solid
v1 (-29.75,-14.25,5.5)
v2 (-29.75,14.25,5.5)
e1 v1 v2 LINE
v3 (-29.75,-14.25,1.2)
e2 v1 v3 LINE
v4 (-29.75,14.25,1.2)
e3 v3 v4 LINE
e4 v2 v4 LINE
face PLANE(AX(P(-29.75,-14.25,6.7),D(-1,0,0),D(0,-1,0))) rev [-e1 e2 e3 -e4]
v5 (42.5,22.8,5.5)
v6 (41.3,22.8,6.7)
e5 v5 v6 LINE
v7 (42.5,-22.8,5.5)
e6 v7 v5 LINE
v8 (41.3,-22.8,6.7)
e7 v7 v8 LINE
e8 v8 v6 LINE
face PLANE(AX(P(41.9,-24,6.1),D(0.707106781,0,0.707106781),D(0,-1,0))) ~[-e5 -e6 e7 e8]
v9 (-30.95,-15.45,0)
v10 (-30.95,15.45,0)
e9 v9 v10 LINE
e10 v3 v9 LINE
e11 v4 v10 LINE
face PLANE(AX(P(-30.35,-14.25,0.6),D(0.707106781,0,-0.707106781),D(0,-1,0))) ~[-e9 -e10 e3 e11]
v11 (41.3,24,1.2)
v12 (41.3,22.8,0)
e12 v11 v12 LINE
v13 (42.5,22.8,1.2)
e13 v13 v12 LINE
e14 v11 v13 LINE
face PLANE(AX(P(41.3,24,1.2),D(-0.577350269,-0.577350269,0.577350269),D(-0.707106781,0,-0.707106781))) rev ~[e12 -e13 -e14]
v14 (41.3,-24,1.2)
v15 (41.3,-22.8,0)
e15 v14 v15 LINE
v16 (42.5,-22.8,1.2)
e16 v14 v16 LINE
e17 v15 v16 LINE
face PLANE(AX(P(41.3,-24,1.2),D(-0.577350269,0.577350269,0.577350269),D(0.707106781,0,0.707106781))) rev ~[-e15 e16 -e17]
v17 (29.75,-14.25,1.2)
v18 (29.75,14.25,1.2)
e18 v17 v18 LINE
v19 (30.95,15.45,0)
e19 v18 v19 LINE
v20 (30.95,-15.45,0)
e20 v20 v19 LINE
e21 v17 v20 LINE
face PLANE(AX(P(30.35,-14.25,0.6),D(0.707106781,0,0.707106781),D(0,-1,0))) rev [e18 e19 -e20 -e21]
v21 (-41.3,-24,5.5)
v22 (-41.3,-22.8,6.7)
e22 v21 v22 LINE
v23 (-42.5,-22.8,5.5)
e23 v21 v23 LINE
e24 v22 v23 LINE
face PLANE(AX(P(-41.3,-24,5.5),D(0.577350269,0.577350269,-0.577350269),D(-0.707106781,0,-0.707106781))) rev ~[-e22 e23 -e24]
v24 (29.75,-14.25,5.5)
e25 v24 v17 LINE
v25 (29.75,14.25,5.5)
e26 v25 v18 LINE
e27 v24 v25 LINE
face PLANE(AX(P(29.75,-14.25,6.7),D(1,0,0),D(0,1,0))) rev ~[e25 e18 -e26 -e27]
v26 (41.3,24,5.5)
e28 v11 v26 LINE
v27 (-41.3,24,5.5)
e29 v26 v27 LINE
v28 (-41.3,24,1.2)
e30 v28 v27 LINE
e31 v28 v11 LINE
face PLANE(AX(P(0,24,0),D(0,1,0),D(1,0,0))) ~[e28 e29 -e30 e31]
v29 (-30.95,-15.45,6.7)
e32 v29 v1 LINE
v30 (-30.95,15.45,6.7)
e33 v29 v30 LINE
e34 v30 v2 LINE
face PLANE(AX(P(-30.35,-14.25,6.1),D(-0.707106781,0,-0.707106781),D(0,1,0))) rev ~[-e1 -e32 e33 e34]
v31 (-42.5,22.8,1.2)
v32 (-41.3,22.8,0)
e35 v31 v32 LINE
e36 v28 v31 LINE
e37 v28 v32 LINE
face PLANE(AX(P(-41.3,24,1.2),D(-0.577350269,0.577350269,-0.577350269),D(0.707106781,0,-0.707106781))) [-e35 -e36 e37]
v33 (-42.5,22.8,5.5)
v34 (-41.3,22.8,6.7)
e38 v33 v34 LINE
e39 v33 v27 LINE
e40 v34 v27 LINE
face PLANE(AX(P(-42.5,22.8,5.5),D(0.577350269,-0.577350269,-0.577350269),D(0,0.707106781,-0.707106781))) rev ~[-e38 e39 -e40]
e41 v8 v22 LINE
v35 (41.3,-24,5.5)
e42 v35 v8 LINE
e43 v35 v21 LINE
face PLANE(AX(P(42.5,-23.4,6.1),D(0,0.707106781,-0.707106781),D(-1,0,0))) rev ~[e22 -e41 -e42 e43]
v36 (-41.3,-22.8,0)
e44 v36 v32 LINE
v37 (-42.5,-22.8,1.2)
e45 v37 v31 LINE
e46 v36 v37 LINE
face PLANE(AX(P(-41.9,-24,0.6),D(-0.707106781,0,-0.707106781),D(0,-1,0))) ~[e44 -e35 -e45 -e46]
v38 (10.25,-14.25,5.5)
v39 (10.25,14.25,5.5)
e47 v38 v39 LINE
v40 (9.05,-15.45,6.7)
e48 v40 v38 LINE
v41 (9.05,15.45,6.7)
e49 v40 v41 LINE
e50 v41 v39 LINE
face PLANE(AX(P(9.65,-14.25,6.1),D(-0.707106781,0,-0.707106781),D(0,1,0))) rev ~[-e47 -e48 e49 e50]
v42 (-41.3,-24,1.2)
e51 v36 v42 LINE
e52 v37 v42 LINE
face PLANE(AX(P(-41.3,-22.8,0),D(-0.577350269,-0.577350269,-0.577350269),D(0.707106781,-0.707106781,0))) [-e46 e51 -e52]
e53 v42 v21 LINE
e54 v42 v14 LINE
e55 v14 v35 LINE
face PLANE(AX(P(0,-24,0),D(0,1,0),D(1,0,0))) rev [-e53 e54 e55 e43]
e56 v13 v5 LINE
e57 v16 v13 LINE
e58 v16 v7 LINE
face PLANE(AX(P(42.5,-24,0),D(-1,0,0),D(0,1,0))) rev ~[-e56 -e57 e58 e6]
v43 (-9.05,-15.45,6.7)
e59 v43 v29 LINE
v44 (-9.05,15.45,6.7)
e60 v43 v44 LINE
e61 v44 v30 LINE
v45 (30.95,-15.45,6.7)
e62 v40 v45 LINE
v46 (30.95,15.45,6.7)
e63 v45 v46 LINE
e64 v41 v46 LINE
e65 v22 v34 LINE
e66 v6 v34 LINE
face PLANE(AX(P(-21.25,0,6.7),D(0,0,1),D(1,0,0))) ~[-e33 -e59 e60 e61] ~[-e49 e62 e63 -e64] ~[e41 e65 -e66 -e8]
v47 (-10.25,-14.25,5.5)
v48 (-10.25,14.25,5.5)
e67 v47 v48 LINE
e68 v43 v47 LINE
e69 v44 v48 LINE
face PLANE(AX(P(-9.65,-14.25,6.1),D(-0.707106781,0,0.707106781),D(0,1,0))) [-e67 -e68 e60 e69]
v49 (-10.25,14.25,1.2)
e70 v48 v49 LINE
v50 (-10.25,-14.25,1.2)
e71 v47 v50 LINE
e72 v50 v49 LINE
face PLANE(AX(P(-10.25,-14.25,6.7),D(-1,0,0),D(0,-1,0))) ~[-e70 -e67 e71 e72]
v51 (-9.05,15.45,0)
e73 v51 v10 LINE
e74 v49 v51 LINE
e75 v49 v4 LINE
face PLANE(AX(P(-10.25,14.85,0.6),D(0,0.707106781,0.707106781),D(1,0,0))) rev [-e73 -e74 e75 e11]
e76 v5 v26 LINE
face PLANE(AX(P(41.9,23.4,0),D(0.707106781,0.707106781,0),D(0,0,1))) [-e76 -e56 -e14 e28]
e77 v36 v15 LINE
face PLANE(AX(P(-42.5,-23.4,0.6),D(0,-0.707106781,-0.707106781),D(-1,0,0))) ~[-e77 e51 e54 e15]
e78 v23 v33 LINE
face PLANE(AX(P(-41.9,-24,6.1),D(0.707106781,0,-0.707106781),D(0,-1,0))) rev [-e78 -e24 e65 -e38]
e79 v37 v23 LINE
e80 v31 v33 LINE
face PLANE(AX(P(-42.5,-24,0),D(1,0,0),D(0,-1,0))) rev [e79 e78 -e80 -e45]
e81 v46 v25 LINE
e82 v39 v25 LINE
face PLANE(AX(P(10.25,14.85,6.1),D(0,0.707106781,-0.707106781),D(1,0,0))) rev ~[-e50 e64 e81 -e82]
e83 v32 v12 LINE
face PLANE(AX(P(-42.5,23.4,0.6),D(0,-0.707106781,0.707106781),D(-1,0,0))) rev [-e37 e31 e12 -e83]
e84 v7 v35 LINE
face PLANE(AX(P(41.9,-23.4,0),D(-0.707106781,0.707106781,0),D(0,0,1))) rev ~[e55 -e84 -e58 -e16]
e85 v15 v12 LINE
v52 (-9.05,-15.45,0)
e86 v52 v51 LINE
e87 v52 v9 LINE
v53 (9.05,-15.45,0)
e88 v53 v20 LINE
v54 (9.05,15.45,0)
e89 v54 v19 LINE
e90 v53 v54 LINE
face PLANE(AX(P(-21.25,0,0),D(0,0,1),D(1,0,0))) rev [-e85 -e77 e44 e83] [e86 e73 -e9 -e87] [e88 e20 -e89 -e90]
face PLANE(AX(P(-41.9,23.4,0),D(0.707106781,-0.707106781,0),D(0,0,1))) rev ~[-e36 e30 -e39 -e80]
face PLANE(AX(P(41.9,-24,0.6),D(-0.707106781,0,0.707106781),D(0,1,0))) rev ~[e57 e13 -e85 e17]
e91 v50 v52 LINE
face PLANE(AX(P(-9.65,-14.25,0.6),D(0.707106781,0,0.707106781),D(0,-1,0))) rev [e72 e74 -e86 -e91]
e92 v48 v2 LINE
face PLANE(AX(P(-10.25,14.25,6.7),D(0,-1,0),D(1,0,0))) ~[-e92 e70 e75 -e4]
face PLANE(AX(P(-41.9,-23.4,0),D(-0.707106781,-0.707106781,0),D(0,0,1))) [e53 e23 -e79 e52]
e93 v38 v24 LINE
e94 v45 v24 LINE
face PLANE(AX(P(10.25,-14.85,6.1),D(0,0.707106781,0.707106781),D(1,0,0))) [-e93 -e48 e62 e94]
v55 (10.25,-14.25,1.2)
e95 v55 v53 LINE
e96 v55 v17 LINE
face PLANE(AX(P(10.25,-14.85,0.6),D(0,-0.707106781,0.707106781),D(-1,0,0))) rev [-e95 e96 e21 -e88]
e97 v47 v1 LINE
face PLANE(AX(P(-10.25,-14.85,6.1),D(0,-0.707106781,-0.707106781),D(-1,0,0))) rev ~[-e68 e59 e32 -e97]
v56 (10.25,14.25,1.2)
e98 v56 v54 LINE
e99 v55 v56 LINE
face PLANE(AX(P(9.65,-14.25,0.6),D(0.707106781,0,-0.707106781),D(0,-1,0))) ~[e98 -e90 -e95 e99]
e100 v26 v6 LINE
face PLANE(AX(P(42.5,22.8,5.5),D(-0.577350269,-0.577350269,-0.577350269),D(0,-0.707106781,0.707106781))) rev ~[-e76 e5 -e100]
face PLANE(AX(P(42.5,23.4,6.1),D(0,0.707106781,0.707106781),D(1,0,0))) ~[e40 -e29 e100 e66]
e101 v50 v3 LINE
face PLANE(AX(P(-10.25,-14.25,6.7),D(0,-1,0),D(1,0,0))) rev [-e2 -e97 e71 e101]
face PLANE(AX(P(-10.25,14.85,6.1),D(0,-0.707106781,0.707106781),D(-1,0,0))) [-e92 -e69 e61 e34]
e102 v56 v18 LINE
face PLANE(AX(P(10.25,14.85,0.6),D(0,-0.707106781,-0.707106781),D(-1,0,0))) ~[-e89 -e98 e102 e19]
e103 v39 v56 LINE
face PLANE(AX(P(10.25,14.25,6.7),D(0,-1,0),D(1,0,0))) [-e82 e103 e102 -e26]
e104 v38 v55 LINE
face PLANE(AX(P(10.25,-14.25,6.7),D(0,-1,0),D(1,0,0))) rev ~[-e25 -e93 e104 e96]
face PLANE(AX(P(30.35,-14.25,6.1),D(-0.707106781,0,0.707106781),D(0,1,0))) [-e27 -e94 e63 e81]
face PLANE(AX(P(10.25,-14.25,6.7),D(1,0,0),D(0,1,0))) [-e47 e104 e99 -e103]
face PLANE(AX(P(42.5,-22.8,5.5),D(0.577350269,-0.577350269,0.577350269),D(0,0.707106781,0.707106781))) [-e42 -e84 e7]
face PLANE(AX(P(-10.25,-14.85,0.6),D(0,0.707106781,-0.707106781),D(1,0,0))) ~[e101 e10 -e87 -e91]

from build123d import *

# Parameters (mm, degrees)
F0_W     = 42.5
F0_H     = 48
F1_DEPTH = 6.7
F2_W     = 19.5
F2_H     = 28.5
F3_DEPTH = 25
F5_SIZE  = 1.2


with BuildPart() as f1:
    # F0 (on Top) → F1 (new body)
    with BuildSketch(Plane.XY):
        with Locations((21.25, 0)):
            Rectangle(F0_W, F0_H)
    extrude(amount=F1_DEPTH)

    # F2 (on face) → F3 (cut)
    with BuildSketch(Plane.XY.offset(6.7)):
        with Locations((20, 0)):
            Rectangle(F2_W, F2_H)
    extrude(amount=-F3_DEPTH, mode=Mode.SUBTRACT)

    # F4: F1 across plane


with BuildPart() as f1_1:
    add(f1.part)
    add(f1.part.mirror(Plane.YZ))

    # F5
    f5_edges = [f1_1.edges().sort_by_distance(p)[0] for p in [
        (0, 24, 6.7),
        (-42.5, 0, 6.7),
        (0, -24, 6.7),
        (42.5, 0, 0),
        (29.75, 0, 6.7),
        (10.25, 0, 6.7),
        (-10.25, 0, 6.7),
        (-29.75, 0, 6.7),
        (-20, 14.25, 6.7),
        (-20, -14.25, 6.7),
        (20, -14.25, 6.7),
        (20, 14.25, 6.7),
        (-42.5, -24, 3.35),
        (-42.5, 0, 0),
        (-42.5, 24, 3.35),
        (0, -24, 0),
        (-20, -14.25, 0),
        (-10.25, 0, 0),
        (-20, 14.25, 0),
        (-29.75, 0, 0),
        (10.25, 0, 0),
        (29.75, 0, 0),
        (20, 14.25, 0),
        (20, -14.25, 0),
        (42.5, 24, 3.35),
        (42.5, -24, 3.35),
        (42.5, 0, 6.7),
        (0, 24, 0),
    ]]
    chamfer(f5_edges, length=F5_SIZE)


solid = f1_1.part
